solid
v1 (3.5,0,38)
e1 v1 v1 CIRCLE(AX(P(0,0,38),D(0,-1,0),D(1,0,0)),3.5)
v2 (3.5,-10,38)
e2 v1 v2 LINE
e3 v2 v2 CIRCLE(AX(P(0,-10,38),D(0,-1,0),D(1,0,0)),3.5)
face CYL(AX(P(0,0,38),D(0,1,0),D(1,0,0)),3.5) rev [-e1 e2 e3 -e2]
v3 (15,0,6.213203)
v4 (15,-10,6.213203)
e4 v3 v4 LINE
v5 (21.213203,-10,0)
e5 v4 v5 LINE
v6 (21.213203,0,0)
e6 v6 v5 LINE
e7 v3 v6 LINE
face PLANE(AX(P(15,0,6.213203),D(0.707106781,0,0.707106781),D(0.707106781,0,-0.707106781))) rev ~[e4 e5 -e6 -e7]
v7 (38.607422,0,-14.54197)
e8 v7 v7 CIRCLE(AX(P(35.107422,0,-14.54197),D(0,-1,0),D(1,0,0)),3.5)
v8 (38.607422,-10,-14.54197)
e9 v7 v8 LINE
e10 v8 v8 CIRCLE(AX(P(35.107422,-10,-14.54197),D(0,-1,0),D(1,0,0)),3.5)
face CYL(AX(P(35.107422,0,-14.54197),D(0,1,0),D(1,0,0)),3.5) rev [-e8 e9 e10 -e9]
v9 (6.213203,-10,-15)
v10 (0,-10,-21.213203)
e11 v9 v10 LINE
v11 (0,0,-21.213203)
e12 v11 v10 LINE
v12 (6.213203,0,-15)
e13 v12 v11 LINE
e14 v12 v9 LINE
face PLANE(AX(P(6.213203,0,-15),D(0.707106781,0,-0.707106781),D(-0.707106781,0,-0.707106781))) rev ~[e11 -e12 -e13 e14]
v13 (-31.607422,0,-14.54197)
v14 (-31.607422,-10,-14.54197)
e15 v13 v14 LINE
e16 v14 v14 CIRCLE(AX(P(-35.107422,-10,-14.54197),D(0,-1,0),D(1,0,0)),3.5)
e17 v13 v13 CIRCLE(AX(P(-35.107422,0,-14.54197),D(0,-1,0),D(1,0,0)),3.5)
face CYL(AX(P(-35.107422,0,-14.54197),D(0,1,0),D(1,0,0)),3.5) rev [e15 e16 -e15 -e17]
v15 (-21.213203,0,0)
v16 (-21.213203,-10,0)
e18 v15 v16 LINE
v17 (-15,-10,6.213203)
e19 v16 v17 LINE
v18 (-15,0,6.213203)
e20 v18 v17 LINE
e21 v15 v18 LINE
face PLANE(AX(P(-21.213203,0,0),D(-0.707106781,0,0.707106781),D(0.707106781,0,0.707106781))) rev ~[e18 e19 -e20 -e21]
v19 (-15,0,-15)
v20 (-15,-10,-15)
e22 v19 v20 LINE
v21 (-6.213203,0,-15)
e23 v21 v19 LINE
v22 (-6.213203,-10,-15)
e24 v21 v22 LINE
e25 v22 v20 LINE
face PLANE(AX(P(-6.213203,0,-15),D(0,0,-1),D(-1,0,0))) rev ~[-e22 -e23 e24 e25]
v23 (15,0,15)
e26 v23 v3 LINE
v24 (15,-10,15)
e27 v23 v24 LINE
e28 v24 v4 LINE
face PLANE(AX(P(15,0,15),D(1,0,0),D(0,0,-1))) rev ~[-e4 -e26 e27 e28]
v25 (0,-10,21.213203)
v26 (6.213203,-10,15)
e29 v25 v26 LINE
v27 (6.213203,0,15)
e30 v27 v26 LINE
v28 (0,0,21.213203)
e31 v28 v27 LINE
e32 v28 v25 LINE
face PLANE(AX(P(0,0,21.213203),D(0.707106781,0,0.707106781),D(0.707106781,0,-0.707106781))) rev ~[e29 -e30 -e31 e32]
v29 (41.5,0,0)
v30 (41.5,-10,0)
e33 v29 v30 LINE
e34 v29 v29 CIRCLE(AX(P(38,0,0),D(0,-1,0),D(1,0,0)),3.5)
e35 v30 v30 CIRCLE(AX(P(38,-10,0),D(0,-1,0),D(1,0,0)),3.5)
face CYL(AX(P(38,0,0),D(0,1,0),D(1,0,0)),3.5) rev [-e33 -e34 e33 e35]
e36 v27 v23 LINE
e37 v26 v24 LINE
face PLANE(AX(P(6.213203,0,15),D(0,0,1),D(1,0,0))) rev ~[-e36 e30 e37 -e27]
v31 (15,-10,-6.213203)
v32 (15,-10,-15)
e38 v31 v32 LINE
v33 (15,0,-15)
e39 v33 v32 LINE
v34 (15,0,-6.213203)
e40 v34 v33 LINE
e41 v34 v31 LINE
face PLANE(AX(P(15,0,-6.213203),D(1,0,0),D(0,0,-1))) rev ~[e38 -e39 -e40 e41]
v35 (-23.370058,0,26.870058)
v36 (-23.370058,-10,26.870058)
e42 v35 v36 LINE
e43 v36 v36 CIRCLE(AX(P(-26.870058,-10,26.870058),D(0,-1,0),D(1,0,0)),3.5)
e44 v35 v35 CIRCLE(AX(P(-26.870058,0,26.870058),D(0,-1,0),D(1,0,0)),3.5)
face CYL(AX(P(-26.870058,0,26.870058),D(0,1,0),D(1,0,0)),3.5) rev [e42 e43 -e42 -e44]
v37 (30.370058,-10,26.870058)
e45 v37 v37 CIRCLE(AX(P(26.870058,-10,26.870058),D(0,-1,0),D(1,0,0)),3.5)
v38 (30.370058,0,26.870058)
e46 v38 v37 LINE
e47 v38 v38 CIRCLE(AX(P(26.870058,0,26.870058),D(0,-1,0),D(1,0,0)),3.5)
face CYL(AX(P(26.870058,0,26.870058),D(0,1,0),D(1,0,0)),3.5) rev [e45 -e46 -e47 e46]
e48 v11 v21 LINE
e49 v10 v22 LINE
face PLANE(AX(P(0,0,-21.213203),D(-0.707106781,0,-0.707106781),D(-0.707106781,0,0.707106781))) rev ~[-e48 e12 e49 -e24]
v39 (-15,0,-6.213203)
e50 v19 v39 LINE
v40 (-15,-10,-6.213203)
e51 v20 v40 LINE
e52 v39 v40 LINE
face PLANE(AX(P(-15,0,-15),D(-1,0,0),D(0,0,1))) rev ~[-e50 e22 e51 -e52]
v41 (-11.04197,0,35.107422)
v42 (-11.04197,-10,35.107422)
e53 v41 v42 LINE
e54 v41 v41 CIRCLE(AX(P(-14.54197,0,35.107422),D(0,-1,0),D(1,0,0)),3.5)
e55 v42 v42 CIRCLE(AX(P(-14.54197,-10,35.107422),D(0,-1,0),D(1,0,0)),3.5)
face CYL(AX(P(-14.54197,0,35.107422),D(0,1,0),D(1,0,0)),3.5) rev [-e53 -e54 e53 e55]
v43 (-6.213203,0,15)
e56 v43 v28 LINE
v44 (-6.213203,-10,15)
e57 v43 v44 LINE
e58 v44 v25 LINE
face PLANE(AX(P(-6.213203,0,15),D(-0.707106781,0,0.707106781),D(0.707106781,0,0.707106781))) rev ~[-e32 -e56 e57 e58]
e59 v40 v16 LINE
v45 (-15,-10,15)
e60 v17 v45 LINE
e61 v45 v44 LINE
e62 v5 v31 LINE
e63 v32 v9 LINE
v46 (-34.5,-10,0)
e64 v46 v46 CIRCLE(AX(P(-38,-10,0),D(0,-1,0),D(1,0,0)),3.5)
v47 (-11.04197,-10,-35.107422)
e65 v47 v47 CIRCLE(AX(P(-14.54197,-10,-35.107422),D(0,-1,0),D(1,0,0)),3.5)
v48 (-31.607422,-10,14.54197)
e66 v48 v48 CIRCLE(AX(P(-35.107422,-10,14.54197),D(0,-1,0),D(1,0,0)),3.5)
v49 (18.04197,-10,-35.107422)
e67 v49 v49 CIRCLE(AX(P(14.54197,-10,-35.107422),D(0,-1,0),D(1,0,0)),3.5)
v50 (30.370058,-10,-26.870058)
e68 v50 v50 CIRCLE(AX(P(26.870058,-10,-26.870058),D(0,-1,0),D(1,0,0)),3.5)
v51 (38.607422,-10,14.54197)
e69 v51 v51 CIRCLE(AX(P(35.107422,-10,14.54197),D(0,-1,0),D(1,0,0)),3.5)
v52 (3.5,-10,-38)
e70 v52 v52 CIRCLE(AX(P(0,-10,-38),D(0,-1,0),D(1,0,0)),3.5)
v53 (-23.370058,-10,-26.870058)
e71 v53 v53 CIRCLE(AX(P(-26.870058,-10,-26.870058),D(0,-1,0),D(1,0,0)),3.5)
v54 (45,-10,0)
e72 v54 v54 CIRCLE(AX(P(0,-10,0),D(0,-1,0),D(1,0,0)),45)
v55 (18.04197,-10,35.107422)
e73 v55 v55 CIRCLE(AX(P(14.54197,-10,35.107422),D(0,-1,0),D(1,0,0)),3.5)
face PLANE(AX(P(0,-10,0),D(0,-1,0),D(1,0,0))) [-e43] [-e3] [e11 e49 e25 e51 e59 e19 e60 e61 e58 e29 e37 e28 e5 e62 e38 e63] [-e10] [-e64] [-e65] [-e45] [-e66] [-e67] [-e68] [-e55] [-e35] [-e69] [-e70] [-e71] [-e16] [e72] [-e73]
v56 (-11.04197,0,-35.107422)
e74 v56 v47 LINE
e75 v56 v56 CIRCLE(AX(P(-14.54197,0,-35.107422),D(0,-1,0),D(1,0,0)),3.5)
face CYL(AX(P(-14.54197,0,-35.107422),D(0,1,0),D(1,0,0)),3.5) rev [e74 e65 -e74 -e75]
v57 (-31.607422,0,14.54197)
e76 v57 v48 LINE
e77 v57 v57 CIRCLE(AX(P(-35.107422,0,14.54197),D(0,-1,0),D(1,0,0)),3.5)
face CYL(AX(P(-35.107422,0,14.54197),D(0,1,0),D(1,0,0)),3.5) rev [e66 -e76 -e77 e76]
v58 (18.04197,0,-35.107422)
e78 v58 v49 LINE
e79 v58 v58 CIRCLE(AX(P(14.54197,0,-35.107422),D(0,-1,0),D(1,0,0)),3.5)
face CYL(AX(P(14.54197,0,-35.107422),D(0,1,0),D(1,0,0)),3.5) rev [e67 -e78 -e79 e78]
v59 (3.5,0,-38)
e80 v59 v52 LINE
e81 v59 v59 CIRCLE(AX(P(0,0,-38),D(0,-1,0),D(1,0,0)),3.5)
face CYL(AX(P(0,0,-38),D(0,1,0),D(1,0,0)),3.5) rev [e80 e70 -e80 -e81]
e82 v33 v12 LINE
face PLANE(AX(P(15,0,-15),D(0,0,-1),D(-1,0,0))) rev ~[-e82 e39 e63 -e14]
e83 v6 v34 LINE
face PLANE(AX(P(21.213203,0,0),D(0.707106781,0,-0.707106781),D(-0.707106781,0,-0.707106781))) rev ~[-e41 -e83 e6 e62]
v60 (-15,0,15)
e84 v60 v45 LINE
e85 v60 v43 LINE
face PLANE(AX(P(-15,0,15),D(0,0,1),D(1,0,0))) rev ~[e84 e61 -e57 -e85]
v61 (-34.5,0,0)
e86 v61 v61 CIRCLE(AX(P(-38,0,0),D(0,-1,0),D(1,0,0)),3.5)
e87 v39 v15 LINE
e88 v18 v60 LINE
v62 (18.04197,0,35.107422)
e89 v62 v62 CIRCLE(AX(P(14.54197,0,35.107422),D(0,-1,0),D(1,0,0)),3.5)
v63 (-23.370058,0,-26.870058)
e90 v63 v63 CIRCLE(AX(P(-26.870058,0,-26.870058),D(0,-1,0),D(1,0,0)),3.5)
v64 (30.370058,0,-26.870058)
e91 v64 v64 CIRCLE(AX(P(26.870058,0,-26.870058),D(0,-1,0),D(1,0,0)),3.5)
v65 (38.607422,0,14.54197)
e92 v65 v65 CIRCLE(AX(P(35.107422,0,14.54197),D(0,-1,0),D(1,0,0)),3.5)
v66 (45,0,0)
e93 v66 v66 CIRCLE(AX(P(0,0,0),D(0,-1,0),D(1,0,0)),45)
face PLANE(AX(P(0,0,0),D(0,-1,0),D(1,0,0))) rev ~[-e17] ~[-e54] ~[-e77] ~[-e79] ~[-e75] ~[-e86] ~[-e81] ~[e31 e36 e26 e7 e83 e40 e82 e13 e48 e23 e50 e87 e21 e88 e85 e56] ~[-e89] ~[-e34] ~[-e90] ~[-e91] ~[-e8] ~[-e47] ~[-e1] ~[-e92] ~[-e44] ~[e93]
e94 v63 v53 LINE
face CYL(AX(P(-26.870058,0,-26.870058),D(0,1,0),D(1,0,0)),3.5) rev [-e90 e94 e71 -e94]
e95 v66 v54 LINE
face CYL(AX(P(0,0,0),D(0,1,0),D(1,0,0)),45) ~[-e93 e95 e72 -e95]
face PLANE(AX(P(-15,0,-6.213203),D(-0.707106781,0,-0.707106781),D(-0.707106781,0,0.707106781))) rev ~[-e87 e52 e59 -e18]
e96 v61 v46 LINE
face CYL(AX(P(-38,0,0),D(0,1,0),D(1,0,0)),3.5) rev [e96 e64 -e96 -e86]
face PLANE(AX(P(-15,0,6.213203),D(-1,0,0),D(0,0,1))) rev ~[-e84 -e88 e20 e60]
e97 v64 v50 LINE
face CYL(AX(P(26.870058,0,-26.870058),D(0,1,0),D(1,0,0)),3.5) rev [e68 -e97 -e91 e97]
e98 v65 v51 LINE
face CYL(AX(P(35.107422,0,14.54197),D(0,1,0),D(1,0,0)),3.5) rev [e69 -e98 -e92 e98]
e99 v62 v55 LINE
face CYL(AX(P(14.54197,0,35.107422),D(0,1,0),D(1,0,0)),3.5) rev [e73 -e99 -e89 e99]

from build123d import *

# Parameters (mm, degrees)
F0_R     = 45
F0_R_2   = 3.5
F1_DEPTH = 10


with BuildPart() as f1:
    # F0 (on Front) → F1 (new body)
    with BuildSketch(Plane.XZ):
        Circle(F0_R)
        with Locations((-26.870058, -26.870058)):
            Circle(F0_R_2, mode=Mode.SUBTRACT)
        with Locations((-14.54197, -35.107422)):
            Circle(F0_R_2, mode=Mode.SUBTRACT)
        with Locations((-35.107422, -14.54197)):
            Circle(F0_R_2, mode=Mode.SUBTRACT)
        with Locations((0, -38)):
            Circle(F0_R_2, mode=Mode.SUBTRACT)
        with Locations((14.54197, -35.107422)):
            Circle(F0_R_2, mode=Mode.SUBTRACT)
        with Locations((26.870058, -26.870058)):
            Circle(F0_R_2, mode=Mode.SUBTRACT)
        with Locations((35.107422, -14.54197)):
            Circle(F0_R_2, mode=Mode.SUBTRACT)
        with Locations((-38, 0)):
            Circle(F0_R_2, mode=Mode.SUBTRACT)
        with Locations((-35.107422, 14.54197)):
            Circle(F0_R_2, mode=Mode.SUBTRACT)
        with Locations((-26.870058, 26.870058)):
            Circle(F0_R_2, mode=Mode.SUBTRACT)
        with Locations((-14.54197, 35.107422)):
            Circle(F0_R_2, mode=Mode.SUBTRACT)
        Polygon((15, 6.213203), (21.213203, 0), (15, -6.213203), (15, -15), (6.213203, -15), (0, -21.213203), (-6.213203, -15), (-15, -15), (-15, -6.213203), (-21.213203, 0), (-15, 6.213203), (-15, 15), (-6.213203, 15), (0, 21.213203), (6.213203, 15), (15, 15), align=None, mode=Mode.SUBTRACT)
        with Locations((38, 0)):
            Circle(F0_R_2, mode=Mode.SUBTRACT)
        with Locations((35.107422, 14.54197)):
            Circle(F0_R_2, mode=Mode.SUBTRACT)
        with Locations((0, 38)):
            Circle(F0_R_2, mode=Mode.SUBTRACT)
        with Locations((14.54197, 35.107422)):
            Circle(F0_R_2, mode=Mode.SUBTRACT)
        with Locations((26.870058, 26.870058)):
            Circle(F0_R_2, mode=Mode.SUBTRACT)
    extrude(amount=F1_DEPTH)


solid = f1.part
